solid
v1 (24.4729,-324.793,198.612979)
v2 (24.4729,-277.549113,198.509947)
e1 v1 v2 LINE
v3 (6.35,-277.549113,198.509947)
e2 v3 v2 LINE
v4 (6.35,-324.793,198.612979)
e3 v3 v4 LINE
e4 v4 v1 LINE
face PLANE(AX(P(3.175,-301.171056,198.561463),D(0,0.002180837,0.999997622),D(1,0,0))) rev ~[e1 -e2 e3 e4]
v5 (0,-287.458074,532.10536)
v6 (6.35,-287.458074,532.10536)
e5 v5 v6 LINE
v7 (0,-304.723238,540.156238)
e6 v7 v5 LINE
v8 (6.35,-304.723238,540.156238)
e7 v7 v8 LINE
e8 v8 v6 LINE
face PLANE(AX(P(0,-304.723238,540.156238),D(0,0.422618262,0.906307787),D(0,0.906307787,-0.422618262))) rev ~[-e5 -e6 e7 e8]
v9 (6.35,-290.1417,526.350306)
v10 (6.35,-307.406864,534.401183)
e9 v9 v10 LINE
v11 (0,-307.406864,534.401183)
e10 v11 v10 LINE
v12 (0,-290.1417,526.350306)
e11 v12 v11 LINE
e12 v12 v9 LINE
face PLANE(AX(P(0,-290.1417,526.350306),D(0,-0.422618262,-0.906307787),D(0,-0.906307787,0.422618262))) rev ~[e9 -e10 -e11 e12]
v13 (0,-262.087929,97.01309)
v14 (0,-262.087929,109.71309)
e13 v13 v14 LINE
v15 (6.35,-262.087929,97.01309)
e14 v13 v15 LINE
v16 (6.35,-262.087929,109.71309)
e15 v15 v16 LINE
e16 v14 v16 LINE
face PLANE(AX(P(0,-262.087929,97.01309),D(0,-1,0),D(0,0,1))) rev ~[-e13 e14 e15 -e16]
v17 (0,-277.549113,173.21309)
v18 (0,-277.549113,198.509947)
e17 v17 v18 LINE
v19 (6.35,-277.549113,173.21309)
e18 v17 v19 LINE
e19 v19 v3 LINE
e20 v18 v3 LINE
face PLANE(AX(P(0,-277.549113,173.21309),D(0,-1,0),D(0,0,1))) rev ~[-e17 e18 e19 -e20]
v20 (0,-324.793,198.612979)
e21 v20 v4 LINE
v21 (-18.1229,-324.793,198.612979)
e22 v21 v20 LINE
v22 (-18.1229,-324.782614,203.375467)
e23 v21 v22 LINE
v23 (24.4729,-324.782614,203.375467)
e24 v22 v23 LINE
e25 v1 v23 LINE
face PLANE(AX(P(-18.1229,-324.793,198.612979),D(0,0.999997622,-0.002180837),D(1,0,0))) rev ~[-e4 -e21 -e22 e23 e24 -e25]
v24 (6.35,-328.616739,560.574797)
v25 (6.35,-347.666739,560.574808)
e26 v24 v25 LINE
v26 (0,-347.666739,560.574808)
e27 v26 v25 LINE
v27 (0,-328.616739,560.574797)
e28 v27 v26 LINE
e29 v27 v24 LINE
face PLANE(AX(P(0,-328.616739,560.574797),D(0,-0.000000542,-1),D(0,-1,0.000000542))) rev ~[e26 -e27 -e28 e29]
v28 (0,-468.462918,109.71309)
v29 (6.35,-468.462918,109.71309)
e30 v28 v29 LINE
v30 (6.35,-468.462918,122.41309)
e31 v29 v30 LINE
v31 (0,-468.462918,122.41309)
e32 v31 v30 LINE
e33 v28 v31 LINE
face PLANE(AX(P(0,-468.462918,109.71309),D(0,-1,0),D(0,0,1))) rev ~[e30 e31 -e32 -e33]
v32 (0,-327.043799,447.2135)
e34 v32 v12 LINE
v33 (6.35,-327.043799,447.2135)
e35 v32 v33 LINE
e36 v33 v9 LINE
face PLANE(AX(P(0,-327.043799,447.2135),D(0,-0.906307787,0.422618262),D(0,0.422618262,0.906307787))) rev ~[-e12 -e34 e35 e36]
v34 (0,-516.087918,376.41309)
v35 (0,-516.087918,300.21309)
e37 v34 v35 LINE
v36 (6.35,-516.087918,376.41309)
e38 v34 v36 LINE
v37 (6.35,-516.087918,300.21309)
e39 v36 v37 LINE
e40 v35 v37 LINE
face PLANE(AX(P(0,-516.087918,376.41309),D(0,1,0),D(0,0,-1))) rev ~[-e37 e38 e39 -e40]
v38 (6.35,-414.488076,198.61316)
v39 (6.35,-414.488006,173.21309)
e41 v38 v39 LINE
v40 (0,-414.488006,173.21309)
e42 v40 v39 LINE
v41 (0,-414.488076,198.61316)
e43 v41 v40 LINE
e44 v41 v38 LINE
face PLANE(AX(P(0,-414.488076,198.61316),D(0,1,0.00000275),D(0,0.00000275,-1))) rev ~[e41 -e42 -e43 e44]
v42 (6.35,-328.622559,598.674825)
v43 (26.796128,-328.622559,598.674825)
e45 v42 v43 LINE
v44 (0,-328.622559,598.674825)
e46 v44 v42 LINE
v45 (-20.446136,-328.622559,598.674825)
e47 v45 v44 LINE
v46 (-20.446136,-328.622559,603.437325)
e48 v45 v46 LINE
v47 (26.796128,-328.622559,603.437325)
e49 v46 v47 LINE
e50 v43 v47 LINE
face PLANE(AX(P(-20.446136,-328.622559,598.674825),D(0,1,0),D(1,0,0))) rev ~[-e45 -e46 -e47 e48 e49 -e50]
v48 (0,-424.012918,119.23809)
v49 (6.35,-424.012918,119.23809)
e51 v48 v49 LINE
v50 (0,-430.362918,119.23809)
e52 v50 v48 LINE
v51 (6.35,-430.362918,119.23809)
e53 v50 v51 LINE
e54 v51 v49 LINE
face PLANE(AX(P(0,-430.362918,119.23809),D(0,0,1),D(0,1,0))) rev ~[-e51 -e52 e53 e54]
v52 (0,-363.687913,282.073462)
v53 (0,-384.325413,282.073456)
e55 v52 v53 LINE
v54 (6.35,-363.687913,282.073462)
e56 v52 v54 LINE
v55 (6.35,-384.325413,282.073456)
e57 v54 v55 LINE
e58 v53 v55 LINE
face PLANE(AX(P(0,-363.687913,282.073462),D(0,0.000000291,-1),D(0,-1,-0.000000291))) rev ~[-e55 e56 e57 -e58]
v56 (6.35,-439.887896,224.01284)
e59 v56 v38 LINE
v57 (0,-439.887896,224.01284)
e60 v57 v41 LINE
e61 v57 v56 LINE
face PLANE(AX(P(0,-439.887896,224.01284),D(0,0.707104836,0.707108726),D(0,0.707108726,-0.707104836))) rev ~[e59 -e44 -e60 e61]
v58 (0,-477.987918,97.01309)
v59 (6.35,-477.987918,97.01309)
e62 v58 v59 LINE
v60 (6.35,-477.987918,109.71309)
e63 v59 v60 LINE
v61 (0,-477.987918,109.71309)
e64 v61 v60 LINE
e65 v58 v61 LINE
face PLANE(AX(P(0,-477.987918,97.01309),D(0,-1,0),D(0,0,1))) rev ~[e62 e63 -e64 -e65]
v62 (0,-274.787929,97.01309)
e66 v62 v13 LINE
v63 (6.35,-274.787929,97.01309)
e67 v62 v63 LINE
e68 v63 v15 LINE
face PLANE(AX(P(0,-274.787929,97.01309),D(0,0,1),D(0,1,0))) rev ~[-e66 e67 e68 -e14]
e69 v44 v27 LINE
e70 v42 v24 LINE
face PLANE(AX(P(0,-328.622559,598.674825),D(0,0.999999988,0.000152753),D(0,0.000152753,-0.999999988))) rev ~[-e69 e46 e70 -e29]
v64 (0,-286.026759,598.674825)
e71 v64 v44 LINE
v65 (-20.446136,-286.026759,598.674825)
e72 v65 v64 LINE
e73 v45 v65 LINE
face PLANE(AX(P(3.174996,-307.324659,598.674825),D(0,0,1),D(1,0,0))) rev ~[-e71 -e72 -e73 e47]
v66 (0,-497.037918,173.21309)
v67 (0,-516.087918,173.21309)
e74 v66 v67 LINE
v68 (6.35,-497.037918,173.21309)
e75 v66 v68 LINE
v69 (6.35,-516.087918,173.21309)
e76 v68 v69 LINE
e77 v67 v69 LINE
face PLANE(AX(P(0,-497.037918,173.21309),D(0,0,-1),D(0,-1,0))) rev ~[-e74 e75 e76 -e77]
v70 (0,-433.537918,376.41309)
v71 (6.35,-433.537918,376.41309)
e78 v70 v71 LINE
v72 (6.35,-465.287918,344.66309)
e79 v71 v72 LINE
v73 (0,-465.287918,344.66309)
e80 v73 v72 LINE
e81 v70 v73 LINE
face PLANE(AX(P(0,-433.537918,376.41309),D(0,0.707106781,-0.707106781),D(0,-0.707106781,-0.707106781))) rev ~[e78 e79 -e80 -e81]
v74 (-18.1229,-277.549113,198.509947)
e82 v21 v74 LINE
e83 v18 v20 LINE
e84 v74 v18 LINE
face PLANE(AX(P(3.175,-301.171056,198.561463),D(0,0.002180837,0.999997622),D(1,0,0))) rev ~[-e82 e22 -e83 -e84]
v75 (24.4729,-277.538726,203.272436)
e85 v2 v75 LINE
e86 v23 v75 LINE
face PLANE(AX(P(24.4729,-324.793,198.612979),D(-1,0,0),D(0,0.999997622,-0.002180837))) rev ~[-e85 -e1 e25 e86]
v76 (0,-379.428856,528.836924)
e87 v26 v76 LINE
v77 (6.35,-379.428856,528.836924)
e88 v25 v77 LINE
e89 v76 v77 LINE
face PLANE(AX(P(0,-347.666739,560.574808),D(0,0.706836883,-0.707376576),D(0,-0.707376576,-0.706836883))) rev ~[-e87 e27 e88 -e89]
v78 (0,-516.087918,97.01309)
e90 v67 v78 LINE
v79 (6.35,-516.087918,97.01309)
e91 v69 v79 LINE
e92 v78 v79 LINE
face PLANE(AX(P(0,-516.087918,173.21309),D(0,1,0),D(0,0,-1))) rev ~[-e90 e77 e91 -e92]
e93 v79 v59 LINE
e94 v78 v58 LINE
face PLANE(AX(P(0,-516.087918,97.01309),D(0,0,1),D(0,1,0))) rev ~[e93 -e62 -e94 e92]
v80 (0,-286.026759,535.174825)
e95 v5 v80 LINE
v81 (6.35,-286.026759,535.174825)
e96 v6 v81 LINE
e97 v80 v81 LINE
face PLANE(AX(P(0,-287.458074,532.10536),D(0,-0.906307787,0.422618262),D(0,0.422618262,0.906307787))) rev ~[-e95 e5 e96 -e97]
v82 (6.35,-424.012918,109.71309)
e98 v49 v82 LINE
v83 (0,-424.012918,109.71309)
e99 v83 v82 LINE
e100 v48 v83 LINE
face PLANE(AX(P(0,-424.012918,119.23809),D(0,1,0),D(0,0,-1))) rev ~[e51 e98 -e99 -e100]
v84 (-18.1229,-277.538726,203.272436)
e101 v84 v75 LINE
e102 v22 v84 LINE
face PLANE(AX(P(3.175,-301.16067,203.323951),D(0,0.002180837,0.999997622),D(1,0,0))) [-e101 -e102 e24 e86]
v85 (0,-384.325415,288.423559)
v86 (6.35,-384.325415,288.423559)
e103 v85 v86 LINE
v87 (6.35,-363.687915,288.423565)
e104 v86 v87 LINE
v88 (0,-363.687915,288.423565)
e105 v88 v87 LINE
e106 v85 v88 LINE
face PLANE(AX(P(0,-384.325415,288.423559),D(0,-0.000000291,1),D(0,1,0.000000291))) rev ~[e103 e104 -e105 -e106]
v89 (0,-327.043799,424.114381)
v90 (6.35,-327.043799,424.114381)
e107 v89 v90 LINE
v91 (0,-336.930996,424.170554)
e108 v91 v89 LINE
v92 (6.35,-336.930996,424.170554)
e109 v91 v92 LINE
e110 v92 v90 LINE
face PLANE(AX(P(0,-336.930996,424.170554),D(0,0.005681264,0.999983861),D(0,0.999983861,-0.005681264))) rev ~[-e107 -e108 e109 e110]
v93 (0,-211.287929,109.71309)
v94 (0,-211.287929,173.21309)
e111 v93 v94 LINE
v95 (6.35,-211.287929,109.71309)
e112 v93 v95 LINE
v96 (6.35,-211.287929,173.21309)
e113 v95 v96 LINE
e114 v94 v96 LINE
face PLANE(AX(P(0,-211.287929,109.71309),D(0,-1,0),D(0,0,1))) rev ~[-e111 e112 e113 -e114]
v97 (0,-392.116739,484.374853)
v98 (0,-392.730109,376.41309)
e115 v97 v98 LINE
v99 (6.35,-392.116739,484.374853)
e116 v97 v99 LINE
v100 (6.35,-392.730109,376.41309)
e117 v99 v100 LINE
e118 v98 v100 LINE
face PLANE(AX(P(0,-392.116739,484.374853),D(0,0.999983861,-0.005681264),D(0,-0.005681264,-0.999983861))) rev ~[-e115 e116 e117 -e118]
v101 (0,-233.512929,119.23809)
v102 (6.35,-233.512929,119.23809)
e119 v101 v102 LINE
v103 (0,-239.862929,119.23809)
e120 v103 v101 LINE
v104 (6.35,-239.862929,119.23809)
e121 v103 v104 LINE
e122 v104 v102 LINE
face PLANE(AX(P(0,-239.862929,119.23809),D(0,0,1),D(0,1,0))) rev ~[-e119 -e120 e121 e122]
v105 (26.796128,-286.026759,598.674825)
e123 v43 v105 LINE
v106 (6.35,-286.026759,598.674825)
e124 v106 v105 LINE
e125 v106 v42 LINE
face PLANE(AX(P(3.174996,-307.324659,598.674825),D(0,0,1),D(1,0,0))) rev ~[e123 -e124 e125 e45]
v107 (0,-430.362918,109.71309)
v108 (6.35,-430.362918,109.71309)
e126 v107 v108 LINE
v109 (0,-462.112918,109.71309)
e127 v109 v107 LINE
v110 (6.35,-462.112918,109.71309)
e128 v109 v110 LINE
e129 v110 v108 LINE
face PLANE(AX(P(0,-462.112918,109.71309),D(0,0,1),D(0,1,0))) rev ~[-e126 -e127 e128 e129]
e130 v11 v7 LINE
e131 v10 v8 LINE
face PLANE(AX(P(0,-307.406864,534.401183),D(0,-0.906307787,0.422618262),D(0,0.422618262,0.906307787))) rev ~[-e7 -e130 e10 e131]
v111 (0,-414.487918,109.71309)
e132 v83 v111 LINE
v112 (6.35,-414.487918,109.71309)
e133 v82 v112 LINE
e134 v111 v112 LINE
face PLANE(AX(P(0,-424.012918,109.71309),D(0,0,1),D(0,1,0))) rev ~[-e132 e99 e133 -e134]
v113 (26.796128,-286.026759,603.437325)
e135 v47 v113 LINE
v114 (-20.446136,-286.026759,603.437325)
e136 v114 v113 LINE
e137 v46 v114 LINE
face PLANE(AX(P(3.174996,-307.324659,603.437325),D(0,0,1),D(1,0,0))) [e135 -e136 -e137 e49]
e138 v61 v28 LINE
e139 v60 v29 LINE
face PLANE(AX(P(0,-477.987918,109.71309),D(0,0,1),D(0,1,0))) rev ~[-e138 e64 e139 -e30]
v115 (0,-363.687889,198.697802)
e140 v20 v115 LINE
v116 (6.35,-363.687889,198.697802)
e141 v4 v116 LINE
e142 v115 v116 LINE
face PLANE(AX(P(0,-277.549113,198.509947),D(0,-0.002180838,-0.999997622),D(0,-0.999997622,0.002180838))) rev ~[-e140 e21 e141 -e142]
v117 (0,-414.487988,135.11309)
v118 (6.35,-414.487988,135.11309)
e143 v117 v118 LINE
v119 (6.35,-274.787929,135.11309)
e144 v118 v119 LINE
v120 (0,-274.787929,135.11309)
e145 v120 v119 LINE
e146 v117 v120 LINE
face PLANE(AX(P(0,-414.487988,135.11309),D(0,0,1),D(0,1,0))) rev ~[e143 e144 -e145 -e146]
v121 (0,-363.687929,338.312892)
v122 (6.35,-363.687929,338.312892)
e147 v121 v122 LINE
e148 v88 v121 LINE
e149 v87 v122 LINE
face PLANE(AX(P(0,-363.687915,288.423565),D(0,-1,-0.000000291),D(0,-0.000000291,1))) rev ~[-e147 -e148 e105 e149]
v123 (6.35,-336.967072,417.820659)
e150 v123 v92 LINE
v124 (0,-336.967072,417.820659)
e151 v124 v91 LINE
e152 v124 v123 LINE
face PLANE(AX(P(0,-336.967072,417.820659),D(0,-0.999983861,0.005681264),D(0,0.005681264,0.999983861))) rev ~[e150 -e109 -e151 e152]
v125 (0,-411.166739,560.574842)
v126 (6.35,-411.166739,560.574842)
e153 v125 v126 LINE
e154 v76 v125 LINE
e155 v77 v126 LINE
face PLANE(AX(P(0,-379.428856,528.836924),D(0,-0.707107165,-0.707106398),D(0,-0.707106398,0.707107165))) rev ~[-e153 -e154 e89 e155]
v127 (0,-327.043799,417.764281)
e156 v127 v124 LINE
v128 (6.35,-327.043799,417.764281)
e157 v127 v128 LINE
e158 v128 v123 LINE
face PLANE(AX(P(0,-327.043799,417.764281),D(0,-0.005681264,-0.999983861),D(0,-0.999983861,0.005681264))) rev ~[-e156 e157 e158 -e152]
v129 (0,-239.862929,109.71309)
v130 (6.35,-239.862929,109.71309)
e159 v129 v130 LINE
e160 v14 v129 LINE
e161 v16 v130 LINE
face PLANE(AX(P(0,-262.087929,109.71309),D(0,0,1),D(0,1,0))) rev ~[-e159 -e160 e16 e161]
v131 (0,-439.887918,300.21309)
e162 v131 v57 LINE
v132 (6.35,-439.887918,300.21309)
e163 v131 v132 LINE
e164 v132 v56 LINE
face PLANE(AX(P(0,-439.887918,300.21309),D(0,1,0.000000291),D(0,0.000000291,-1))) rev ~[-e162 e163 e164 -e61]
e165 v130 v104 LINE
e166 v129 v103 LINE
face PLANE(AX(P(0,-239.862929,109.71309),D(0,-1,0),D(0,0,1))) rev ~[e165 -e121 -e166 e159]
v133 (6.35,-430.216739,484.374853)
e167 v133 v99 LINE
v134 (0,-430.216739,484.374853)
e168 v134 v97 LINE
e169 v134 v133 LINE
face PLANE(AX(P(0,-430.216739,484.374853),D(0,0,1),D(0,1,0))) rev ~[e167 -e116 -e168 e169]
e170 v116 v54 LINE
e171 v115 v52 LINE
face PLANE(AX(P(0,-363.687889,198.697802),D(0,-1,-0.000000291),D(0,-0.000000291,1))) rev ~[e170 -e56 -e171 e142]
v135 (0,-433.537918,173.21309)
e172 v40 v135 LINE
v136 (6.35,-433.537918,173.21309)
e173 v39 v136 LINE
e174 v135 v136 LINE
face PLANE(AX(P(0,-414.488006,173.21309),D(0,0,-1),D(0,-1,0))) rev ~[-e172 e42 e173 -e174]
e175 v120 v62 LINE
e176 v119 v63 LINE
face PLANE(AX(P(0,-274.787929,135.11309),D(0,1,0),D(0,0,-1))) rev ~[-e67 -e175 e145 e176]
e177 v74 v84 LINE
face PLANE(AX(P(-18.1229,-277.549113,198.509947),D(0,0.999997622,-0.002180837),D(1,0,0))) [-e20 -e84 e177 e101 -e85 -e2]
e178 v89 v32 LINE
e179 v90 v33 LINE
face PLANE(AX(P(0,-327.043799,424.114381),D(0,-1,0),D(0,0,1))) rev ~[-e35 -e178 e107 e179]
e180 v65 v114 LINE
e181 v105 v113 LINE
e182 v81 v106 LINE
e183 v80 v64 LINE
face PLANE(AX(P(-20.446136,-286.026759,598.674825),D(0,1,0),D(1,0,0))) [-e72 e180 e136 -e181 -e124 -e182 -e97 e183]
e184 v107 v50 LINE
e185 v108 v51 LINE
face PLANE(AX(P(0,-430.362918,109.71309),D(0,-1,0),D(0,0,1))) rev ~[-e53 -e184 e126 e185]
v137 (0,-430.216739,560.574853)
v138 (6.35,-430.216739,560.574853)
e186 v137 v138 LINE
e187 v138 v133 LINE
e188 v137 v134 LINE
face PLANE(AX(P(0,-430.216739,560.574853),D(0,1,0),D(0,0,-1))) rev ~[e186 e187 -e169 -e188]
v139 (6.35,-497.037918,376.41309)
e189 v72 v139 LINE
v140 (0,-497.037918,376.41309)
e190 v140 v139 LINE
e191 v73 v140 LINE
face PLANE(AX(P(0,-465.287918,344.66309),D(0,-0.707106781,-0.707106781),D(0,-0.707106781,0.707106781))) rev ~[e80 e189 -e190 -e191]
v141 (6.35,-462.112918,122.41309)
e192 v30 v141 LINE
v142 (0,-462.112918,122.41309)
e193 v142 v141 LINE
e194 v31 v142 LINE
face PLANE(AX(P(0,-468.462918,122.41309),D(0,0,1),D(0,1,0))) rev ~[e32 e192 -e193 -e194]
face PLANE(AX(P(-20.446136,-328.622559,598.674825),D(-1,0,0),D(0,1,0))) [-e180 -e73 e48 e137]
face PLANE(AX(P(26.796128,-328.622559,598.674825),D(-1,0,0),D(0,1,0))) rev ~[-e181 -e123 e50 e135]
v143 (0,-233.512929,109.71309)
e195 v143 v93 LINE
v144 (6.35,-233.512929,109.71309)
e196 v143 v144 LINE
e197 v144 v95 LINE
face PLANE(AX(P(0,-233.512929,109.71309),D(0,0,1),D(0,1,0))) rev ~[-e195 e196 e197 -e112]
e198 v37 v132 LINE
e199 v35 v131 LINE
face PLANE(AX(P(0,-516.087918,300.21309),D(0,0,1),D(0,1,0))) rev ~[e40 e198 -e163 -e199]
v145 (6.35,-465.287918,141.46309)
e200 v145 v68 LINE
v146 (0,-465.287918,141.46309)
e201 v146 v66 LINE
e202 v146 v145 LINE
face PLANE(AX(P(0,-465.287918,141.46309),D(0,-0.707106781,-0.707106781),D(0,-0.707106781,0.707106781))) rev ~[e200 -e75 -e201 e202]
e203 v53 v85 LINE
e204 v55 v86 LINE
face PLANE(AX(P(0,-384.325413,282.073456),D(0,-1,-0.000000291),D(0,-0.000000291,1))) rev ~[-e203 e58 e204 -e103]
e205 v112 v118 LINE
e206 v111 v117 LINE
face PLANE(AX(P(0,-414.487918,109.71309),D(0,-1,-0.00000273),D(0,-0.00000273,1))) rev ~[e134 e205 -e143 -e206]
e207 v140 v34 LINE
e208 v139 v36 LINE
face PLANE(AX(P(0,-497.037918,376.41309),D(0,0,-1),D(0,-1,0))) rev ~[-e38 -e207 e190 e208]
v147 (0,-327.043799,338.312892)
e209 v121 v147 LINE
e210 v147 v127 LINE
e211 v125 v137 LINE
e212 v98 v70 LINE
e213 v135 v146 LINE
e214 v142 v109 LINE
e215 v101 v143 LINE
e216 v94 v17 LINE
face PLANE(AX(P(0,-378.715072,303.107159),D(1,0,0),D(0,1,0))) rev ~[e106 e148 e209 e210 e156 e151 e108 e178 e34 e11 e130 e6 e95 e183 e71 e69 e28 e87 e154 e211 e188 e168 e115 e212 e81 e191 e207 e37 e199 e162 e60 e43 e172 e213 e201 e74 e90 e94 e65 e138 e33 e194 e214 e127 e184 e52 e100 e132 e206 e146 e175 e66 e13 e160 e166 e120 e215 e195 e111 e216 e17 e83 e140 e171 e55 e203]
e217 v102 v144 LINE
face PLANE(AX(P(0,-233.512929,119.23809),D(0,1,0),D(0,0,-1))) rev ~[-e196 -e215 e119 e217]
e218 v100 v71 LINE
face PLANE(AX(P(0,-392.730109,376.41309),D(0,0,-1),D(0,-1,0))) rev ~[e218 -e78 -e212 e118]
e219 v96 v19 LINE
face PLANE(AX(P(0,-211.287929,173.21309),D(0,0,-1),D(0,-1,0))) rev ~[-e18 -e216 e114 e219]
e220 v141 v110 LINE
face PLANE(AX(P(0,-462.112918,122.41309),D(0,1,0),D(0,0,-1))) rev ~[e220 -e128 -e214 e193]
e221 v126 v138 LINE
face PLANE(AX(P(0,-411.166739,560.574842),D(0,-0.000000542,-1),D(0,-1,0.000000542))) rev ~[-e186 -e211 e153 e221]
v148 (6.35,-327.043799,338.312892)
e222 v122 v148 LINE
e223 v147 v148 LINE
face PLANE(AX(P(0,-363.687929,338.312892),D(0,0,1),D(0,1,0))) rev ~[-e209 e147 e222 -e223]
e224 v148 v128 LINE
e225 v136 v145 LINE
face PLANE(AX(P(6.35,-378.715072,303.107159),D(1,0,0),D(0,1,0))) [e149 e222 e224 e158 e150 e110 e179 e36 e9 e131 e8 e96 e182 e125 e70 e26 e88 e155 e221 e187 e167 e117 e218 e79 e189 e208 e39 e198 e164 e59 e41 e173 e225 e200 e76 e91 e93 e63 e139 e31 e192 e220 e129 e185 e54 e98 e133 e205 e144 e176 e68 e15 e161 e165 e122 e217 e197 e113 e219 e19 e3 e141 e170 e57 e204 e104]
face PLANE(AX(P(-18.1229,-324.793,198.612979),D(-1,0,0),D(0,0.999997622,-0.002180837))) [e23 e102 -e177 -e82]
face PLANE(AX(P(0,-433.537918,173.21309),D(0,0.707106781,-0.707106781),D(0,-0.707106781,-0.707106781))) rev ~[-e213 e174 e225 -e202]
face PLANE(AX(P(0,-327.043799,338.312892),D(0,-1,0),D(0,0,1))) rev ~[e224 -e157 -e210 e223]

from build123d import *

# Parameters (mm, degrees)
F1_DEPTH = 6.35
F2_W     = 47.2422645885
F2_H     = 42.5958
F3_DEPTH = 4.7625
F4_W     = 42.5958
F4_H     = 47.244
F5_DEPTH = 4.7625


with BuildPart() as f1:
    # F0 (on Right) → F1 (new body)
    with BuildSketch(Plane.YZ):
        Polygon((-465.2879184003, 141.4630902397), (-497.0379184003, 173.2130902397), (-516.0879184003, 173.2130902397), (-516.0879184003, 97.0130902397), (-477.9879184003, 97.0130902397), (-477.9879184003, 109.7130902397), (-468.4629184003, 109.7130902397), (-468.4629184003, 122.4130902397), (-462.1129184003, 122.4130902397), (-462.1129184003, 109.7130902397), (-430.3629184003, 109.7130902397), (-430.3629184003, 119.2380902397), (-424.0129184003, 119.2380902397), (-424.0129184003, 109.7130902397), (-414.4879184003, 109.7130902397), (-414.4879877541, 135.1130902396), (-274.7879293955, 135.1130902399), (-274.7879293955, 97.0130902397), (-262.0879293955, 97.0130902397), (-262.0879293955, 109.7130902397), (-239.8629293955, 109.7130902397), (-239.8629293955, 119.2380902397), (-233.5129293955, 119.2380902397), (-233.5129293955, 109.7130902397), (-211.2879293955, 109.7130902397), (-211.2879293955, 173.2130902397), (-277.5491125955, 173.2130902397), (-277.5491125955, 198.5099470598), (-363.6878889013, 198.6978021826), (-363.6879131291, 282.0734624628), (-384.3254131291, 282.0734564659), (-384.3254149744, 288.4235590463), (-363.6879149744, 288.4235650433), (-363.6879294716, 338.3128917395), (-327.0437987701, 338.3128917395), (-327.0437987701, 417.7642809484), (-336.9670720469, 417.820658598), (-336.9309960292, 424.1705540806), (-327.0437987701, 424.1143813917), (-327.0437987701, 447.2134997982), (-290.1417002292, 526.3503055005), (-307.4068635722, 534.4011833867), (-304.7232376102, 540.1562378344), (-287.4580742671, 532.1053599482), (-286.0267591885, 535.1748250397), (-286.0267591885, 598.6748250397), (-328.6225591885, 598.6748250397), (-328.6167393038, 560.5747974944), (-347.6667393038, 560.5748078249), (-379.4288557591, 528.8369242932), (-411.1667393038, 560.5748422598), (-430.2167393038, 560.5748525903), (-430.2167393038, 484.3748525903), (-392.1167393038, 484.3748525903), (-392.7301085257, 376.4130902397), (-433.5379184003, 376.4130902397), (-465.2879184003, 344.6630902397), (-497.0379184003, 376.4130902397), (-516.0879184003, 376.4130902397), (-516.0879184003, 300.2130902397), (-439.8879184003, 300.2130902397), (-439.8878962575, 224.0128403354), (-414.4880763063, 198.6131600973), (-414.4880064489, 173.2130902397), (-433.5379184003, 173.2130902397), align=None)
    extrude(amount=F1_DEPTH)

    # F2 (on face) → F3 (join)
    with BuildSketch(Plane.XY.offset(598.6748250397)):
        with Locations((3.1749958943, -307.3246591885)):
            Rectangle(F2_W, F2_H)
    extrude(amount=F3_DEPTH)

    # F4 (on face) → F5 (join)
    with BuildSketch(Plane(origin=(0, 0.4315968749, 197.9037148545), x_dir=(1, 0, 0), z_dir=(0, 0.0021808375, 0.999997622))):
        with Locations((3.175, -301.6033705181)):
            Rectangle(F4_W, F4_H)
    extrude(amount=F5_DEPTH)


solid = f1.part
